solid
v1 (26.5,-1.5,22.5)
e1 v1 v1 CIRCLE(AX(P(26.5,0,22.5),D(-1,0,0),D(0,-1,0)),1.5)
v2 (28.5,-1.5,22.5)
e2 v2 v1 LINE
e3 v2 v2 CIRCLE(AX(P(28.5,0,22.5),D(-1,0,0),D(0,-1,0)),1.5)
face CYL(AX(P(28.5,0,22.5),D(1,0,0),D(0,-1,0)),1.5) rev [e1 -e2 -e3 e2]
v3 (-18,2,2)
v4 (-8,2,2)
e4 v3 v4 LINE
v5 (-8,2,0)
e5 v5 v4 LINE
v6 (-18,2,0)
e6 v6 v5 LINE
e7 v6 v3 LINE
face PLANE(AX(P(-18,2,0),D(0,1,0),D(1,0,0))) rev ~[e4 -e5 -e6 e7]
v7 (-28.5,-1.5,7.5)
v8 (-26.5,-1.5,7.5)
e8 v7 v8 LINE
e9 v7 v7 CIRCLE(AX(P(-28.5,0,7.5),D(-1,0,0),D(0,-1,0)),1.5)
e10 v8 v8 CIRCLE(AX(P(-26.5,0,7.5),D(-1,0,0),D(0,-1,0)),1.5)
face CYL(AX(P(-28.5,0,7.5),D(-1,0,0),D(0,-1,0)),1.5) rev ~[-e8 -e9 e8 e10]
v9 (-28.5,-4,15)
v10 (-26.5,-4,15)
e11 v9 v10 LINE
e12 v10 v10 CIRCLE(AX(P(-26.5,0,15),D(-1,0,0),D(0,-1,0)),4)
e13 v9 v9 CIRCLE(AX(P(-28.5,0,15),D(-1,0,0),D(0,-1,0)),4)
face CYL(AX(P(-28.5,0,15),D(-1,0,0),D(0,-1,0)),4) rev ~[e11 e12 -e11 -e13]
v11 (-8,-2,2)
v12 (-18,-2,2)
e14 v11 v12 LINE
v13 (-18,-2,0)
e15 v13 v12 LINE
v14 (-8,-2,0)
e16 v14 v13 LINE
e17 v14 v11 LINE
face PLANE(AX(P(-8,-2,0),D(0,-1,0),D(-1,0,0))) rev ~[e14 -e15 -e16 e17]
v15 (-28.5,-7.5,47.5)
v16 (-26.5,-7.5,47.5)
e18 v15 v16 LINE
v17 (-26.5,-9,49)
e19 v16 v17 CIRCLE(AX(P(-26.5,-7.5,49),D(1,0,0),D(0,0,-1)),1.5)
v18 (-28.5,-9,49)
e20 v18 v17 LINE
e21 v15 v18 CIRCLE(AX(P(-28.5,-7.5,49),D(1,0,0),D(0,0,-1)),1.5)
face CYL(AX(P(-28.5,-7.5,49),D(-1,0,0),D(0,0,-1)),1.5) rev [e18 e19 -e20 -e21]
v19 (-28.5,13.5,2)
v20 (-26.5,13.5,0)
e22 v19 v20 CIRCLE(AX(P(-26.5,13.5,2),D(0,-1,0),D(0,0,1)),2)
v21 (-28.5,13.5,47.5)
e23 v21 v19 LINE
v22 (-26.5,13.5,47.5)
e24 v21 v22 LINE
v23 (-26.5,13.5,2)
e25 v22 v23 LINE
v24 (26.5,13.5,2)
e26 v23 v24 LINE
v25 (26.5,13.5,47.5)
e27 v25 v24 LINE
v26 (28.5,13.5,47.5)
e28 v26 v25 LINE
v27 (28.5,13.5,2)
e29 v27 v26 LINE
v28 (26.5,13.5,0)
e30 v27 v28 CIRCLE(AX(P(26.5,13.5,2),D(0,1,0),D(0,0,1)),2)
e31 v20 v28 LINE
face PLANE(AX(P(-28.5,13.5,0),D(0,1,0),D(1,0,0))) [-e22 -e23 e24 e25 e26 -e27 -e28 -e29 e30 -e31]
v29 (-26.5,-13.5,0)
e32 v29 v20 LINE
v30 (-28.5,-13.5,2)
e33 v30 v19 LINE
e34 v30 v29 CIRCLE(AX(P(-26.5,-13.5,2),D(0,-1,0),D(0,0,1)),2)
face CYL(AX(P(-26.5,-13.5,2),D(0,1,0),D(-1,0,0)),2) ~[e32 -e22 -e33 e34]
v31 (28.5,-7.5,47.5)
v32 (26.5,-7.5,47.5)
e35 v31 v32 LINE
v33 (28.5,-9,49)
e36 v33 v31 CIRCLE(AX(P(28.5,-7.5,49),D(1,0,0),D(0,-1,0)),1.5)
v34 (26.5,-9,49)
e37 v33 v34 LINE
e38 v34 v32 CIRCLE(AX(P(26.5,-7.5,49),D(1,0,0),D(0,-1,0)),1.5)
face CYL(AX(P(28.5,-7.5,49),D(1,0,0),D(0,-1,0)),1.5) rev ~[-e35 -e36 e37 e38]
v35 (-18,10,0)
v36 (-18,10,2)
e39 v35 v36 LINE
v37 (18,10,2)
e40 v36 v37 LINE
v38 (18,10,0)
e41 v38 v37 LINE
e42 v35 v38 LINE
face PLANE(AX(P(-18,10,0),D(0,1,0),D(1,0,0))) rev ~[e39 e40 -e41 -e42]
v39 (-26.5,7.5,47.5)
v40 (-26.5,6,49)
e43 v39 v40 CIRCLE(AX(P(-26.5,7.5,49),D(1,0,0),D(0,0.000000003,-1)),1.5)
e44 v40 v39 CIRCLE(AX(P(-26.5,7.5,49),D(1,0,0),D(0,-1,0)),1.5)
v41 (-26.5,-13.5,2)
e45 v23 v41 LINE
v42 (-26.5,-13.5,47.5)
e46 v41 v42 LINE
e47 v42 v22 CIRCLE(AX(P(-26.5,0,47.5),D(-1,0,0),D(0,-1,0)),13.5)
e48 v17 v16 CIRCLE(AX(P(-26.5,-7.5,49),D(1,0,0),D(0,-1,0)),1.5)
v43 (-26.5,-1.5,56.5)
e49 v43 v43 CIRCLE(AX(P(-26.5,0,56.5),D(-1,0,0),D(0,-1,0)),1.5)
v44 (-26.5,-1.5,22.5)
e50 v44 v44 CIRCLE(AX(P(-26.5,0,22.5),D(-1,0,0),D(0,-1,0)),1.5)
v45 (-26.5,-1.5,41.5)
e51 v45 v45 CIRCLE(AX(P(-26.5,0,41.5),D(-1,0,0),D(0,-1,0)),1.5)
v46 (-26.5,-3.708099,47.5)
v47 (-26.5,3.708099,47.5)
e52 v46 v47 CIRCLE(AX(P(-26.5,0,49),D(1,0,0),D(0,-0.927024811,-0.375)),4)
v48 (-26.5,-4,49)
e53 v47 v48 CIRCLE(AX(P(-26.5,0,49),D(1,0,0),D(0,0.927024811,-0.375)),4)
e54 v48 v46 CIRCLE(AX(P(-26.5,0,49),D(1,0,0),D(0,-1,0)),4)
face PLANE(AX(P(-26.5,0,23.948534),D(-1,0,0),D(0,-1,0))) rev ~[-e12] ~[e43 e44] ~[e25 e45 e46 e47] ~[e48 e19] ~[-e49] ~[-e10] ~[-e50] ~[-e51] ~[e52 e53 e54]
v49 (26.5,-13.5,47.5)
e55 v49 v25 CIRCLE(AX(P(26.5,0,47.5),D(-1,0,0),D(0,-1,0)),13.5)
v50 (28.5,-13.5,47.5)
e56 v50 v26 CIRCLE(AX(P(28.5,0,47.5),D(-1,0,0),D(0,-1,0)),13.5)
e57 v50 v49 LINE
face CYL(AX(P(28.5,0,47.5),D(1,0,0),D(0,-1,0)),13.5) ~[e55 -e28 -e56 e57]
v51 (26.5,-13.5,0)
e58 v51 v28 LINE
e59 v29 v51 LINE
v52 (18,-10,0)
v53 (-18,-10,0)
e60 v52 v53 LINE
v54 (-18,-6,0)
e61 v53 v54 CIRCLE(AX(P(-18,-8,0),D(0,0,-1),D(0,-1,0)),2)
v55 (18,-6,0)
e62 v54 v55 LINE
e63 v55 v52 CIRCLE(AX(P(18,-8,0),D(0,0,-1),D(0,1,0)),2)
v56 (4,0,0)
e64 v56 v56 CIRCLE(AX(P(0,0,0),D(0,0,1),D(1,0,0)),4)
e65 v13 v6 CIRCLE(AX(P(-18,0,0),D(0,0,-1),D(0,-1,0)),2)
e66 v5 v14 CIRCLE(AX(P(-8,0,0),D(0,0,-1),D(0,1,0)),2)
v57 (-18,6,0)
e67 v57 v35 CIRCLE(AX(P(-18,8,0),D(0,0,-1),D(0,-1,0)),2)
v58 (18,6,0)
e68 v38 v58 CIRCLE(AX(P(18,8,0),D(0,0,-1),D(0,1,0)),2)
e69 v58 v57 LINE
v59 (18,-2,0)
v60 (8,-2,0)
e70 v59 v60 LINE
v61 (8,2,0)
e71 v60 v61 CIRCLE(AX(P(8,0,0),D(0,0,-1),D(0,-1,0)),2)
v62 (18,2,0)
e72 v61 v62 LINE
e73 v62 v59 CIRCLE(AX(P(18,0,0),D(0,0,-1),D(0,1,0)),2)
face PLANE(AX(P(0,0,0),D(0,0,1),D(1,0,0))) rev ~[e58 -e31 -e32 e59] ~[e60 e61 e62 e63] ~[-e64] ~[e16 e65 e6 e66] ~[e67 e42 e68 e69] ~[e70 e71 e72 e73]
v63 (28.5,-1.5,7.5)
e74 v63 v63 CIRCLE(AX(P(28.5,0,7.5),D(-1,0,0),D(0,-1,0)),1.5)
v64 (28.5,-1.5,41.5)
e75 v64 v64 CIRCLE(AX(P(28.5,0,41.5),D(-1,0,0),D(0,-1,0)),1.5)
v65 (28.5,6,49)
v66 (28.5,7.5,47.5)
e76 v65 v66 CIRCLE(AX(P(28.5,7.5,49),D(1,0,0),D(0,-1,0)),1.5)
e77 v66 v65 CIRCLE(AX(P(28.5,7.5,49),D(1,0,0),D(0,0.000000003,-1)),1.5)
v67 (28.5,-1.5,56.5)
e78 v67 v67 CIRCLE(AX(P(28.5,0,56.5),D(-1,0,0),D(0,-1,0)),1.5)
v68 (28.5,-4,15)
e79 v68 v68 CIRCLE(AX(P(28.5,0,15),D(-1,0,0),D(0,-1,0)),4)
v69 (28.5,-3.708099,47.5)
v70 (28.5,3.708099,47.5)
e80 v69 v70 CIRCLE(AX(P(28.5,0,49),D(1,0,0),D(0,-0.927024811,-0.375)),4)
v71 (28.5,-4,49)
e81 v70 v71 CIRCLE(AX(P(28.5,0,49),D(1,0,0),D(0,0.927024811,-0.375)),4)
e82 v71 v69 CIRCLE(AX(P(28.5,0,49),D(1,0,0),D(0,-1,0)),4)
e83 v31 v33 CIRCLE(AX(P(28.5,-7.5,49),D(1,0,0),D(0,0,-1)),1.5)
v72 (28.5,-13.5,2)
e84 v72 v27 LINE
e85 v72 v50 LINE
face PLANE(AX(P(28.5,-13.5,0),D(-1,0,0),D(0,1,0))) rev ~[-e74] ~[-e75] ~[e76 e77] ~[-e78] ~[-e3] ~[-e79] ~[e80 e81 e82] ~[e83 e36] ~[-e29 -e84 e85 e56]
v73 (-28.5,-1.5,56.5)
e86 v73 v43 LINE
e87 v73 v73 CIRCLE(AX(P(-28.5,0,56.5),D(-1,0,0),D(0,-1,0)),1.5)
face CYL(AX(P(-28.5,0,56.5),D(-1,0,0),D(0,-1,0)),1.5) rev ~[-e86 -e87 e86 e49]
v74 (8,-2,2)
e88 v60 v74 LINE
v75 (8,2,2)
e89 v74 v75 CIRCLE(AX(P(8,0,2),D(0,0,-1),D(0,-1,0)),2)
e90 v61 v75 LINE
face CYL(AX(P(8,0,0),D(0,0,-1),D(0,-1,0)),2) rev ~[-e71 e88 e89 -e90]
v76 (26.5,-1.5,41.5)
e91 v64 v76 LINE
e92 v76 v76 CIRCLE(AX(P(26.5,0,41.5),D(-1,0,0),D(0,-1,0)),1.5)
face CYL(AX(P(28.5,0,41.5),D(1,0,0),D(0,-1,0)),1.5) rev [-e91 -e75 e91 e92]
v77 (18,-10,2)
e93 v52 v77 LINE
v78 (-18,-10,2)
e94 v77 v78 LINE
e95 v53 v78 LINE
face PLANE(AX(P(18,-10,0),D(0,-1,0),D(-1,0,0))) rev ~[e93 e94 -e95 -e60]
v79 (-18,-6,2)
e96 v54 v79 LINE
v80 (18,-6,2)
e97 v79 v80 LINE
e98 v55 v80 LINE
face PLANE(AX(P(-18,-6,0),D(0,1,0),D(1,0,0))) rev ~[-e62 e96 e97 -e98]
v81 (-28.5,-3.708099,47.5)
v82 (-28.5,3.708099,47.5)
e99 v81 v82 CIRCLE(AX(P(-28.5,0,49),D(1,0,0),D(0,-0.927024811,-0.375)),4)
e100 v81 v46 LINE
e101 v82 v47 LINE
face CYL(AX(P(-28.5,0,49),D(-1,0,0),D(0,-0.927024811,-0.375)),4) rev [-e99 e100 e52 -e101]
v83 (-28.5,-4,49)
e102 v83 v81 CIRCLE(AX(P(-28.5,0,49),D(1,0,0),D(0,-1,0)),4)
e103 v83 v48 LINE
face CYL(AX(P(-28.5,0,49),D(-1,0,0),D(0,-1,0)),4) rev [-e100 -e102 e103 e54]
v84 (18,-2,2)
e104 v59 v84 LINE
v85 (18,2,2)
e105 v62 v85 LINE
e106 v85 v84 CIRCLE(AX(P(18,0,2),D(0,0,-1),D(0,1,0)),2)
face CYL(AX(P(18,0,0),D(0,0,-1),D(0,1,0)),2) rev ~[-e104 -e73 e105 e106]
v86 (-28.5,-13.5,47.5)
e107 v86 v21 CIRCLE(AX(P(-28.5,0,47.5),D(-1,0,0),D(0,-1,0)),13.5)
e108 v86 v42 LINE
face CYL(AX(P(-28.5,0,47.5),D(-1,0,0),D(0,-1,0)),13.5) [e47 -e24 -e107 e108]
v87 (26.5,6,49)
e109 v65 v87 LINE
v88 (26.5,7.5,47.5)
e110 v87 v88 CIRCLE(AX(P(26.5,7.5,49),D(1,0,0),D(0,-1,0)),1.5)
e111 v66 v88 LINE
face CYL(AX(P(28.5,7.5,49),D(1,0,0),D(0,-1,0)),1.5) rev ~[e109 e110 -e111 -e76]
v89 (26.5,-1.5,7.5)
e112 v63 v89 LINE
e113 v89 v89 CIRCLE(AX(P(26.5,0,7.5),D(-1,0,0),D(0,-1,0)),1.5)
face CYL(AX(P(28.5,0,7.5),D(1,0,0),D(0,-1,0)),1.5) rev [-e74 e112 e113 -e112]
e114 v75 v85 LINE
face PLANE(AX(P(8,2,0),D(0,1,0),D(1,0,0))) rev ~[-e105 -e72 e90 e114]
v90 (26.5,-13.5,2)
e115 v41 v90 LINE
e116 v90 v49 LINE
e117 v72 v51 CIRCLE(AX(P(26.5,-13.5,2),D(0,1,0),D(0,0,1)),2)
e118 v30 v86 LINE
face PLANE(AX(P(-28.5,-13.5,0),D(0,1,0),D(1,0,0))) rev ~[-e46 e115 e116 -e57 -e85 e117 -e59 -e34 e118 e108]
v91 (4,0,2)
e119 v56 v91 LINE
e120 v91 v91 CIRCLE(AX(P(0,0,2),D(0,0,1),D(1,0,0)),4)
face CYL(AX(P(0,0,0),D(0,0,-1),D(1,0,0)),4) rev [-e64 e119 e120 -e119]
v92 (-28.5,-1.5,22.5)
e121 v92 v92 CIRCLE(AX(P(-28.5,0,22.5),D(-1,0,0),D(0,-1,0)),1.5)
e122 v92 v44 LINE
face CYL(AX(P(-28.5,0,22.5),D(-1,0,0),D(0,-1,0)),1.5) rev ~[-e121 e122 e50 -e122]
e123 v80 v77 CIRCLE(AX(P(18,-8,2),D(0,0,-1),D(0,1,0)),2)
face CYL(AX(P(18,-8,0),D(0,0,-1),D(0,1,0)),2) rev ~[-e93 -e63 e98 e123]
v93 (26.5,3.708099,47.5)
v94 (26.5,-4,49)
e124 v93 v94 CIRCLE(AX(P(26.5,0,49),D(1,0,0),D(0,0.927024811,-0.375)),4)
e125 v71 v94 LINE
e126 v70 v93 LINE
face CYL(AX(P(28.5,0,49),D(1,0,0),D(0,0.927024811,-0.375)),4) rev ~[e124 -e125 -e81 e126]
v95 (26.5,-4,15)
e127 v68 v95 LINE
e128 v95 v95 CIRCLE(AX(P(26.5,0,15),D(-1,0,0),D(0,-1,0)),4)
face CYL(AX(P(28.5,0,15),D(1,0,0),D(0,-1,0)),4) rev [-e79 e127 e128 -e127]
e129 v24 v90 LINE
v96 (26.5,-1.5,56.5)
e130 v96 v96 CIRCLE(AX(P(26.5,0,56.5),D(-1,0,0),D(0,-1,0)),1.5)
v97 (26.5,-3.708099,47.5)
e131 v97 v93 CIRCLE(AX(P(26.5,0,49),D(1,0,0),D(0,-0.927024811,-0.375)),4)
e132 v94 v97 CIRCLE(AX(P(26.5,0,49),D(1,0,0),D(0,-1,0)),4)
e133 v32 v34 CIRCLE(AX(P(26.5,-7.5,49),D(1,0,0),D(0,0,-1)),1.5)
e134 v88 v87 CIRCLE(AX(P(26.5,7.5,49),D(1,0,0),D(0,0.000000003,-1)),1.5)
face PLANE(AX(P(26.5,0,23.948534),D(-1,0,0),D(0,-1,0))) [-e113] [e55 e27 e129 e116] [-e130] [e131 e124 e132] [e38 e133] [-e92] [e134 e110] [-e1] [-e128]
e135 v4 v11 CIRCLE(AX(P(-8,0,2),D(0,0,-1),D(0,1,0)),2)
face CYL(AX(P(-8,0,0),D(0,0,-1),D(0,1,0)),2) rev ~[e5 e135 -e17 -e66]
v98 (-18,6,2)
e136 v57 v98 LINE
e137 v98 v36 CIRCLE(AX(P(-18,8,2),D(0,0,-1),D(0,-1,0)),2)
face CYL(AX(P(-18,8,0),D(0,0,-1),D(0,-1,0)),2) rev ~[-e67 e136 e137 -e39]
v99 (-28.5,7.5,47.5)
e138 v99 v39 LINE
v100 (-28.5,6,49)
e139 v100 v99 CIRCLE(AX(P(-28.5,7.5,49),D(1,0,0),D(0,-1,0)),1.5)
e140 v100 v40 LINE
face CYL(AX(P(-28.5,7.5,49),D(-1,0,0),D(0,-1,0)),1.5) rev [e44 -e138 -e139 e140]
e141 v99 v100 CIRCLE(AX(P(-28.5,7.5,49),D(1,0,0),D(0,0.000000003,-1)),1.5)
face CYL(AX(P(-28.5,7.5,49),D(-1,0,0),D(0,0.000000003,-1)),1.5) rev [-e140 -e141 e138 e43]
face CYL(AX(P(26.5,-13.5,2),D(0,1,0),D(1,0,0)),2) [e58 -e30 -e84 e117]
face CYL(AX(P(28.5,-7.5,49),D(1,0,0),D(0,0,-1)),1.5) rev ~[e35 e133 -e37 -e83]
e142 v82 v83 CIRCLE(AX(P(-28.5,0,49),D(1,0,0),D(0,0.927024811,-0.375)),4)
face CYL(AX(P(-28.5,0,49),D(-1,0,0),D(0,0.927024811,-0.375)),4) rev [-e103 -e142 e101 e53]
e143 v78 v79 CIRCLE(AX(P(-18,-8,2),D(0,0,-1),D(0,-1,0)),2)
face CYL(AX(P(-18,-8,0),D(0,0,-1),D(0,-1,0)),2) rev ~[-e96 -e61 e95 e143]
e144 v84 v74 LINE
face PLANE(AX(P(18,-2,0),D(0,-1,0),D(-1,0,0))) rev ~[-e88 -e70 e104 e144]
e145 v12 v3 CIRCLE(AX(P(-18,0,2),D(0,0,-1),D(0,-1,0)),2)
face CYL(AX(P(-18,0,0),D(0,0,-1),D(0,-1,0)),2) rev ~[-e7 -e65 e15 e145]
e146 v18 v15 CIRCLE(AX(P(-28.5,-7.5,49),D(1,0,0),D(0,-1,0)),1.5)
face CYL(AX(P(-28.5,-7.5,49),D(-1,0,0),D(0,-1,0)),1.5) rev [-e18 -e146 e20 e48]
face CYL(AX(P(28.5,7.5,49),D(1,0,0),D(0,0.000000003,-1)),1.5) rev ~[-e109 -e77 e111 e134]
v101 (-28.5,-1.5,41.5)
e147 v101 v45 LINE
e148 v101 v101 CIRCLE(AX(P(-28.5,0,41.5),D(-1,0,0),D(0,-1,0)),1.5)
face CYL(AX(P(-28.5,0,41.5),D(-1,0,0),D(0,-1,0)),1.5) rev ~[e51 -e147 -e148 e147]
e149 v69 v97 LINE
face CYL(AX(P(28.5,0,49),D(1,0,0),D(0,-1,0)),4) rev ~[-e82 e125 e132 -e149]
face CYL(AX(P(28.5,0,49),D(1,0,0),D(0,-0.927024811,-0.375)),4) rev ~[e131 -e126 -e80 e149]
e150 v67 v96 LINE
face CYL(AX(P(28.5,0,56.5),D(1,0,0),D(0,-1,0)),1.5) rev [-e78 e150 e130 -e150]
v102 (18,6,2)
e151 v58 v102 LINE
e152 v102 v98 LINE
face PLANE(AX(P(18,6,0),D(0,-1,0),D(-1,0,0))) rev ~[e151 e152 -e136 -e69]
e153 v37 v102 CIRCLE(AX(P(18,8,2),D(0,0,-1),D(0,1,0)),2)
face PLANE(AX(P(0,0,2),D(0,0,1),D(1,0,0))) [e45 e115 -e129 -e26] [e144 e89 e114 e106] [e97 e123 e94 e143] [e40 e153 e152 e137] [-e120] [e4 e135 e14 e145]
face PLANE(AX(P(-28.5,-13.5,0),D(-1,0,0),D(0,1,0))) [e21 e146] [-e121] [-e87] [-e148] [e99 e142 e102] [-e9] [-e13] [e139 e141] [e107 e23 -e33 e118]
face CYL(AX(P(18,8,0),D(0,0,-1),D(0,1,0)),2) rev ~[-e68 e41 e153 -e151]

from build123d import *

# Parameters (mm, degrees)
F0_W     = 57
F0_H     = 27
F0_R     = 4
F5_DEPTH = 2
F4_R     = 1.5
F4_R_2   = 4
F6_DEPTH = 2
F3_R     = 1.5
F3_R_2   = 4
F7_DEPTH = 2
F8_R     = 2


with BuildPart() as f5:
    # F0 (on Top) → F5 (new body)
    with BuildSketch(Plane.XY):
        Rectangle(F0_W, F0_H)
        with BuildLine():
            ThreePointArc((-18, -10), (-20, -8), (-18, -6))
            Line((-18, -6), (18, -6))
            ThreePointArc((18, -6), (20, -8), (18, -10))
            Line((18, -10), (-18, -10))
        make_face(mode=Mode.SUBTRACT)
        with BuildLine():
            ThreePointArc((-18, -2), (-20, 0), (-18, 2))
            Line((-18, 2), (-8, 2))
            ThreePointArc((-8, 2), (-6, 0), (-8, -2))
            Line((-8, -2), (-18, -2))
        make_face(mode=Mode.SUBTRACT)
        Circle(F0_R, mode=Mode.SUBTRACT)
        with BuildLine():
            ThreePointArc((8, -2), (6, 0), (8, 2))
            Line((8, 2), (18, 2))
            ThreePointArc((18, 2), (20, 0), (18, -2))
            Line((18, -2), (8, -2))
        make_face(mode=Mode.SUBTRACT)
        with BuildLine():
            ThreePointArc((-18, 6), (-20, 8), (-18, 10))
            Line((-18, 10), (18, 10))
            ThreePointArc((18, 10), (20, 8), (18, 6))
            Line((18, 6), (-18, 6))
        make_face(mode=Mode.SUBTRACT)
    extrude(amount=F5_DEPTH)

    # F4 (on line) → F6 (join)
    with BuildSketch(Plane(origin=(-28.5, 0, 0), x_dir=(0, -1, 0), z_dir=(-1, 0, 0))):
        with BuildLine():
            Line((-13.5, 0), (13.5, 0))
            Line((13.5, 0), (13.5, 47.5))
            Line((13.5, 47.5), (7.5, 47.5))
            Line((7.5, 47.5), (3.7080992435, 47.5))
            ThreePointArc((3.7080992435, 47.5), (0, 45), (-3.7080992435, 47.5))
            Line((-3.7080992435, 47.5), (-7.5000000039, 47.5))
            Line((-7.5000000039, 47.5), (-13.5, 47.5))
            Line((-13.5, 47.5), (-13.5, 0))
        make_face()
        with Locations((0, 7.5)):
            Circle(F4_R, mode=Mode.SUBTRACT)
        with Locations((0, 15)):
            Circle(F4_R_2, mode=Mode.SUBTRACT)
        with Locations((0, 22.5)):
            Circle(F4_R, mode=Mode.SUBTRACT)
        with Locations((0, 41.5)):
            Circle(F4_R, mode=Mode.SUBTRACT)
        with BuildLine():
            Line((7.5, 47.5), (13.5, 47.5))
            ThreePointArc((13.5, 47.5), (0, 61), (-13.5, 47.5))
            Line((-13.5, 47.5), (-7.5000000039, 47.5))
            Line((-7.5000000039, 47.5), (-3.7080992435, 47.5))
            ThreePointArc((-3.7080992435, 47.5), (-0.7640690498, 52.92634671), (4, 49))
            ThreePointArc((4, 49), (3.92634671, 48.2359309502), (3.7080992435, 47.5))
            Line((3.7080992435, 47.5), (7.5, 47.5))
        make_face()
        with BuildLine():
            ThreePointArc((-6, 49), (-6.4393398296, 47.9393398268), (-7.5000000039, 47.5))
            ThreePointArc((-7.5000000039, 47.5), (-8.5606601704, 50.0606601732), (-6, 49))
        make_face(mode=Mode.SUBTRACT)
        with Locations((0, 56.5)):
            Circle(F4_R, mode=Mode.SUBTRACT)
        with BuildLine():
            ThreePointArc((9, 49), (8.5606601718, 47.9393398282), (7.5, 47.5))
            ThreePointArc((7.5, 47.5), (6.4393398282, 50.0606601718), (9, 49))
        make_face(mode=Mode.SUBTRACT)
    extrude(amount=-F6_DEPTH)

    # F3 (on line) → F7 (join)
    with BuildSketch(Plane(origin=(28.5, 0, 0), x_dir=(0, -1, 0), z_dir=(-1, 0, 0))):
        with BuildLine():
            Line((-13.5, 0), (13.5, 0))
            Line((13.5, 0), (13.5, 47.5))
            Line((13.5, 47.5), (7.5, 47.5))
            Line((7.5, 47.5), (3.7080992435, 47.5))
            ThreePointArc((3.7080992435, 47.5), (0, 45), (-3.7080992435, 47.5))
            Line((-3.7080992435, 47.5), (-7.5000000039, 47.5))
            Line((-7.5000000039, 47.5), (-13.5, 47.5))
            Line((-13.5, 47.5), (-13.5, 0))
        make_face()
        with Locations((0, 7.5)):
            Circle(F3_R, mode=Mode.SUBTRACT)
        with Locations((0, 15)):
            Circle(F3_R_2, mode=Mode.SUBTRACT)
        with Locations((0, 22.5)):
            Circle(F3_R, mode=Mode.SUBTRACT)
        with Locations((0, 41.5)):
            Circle(F3_R, mode=Mode.SUBTRACT)
        with BuildLine():
            Line((7.5, 47.5), (13.5, 47.5))
            ThreePointArc((13.5, 47.5), (0, 61), (-13.5, 47.5))
            Line((-13.5, 47.5), (-7.5000000039, 47.5))
            Line((-7.5000000039, 47.5), (-3.7080992435, 47.5))
            ThreePointArc((-3.7080992435, 47.5), (-0.7640690498, 52.92634671), (4, 49))
            ThreePointArc((4, 49), (3.92634671, 48.2359309502), (3.7080992435, 47.5))
            Line((3.7080992435, 47.5), (7.5, 47.5))
        make_face()
        with BuildLine():
            ThreePointArc((-6, 49), (-6.4393398296, 47.9393398268), (-7.5000000039, 47.5))
            ThreePointArc((-7.5000000039, 47.5), (-8.5606601704, 50.0606601732), (-6, 49))
        make_face(mode=Mode.SUBTRACT)
        with Locations((0, 56.5)):
            Circle(F3_R, mode=Mode.SUBTRACT)
        with BuildLine():
            ThreePointArc((9, 49), (8.5606601718, 47.9393398282), (7.5, 47.5))
            ThreePointArc((7.5, 47.5), (6.4393398282, 50.0606601718), (9, 49))
        make_face(mode=Mode.SUBTRACT)
    extrude(amount=F7_DEPTH)

    # F8
    f8_edges = [f5.edges().sort_by_distance(p)[0] for p in [
        (-28.5, 0, 0),
        (28.5, 0, 0),
    ]]
    fillet(f8_edges, radius=F8_R)


solid = f5.part
